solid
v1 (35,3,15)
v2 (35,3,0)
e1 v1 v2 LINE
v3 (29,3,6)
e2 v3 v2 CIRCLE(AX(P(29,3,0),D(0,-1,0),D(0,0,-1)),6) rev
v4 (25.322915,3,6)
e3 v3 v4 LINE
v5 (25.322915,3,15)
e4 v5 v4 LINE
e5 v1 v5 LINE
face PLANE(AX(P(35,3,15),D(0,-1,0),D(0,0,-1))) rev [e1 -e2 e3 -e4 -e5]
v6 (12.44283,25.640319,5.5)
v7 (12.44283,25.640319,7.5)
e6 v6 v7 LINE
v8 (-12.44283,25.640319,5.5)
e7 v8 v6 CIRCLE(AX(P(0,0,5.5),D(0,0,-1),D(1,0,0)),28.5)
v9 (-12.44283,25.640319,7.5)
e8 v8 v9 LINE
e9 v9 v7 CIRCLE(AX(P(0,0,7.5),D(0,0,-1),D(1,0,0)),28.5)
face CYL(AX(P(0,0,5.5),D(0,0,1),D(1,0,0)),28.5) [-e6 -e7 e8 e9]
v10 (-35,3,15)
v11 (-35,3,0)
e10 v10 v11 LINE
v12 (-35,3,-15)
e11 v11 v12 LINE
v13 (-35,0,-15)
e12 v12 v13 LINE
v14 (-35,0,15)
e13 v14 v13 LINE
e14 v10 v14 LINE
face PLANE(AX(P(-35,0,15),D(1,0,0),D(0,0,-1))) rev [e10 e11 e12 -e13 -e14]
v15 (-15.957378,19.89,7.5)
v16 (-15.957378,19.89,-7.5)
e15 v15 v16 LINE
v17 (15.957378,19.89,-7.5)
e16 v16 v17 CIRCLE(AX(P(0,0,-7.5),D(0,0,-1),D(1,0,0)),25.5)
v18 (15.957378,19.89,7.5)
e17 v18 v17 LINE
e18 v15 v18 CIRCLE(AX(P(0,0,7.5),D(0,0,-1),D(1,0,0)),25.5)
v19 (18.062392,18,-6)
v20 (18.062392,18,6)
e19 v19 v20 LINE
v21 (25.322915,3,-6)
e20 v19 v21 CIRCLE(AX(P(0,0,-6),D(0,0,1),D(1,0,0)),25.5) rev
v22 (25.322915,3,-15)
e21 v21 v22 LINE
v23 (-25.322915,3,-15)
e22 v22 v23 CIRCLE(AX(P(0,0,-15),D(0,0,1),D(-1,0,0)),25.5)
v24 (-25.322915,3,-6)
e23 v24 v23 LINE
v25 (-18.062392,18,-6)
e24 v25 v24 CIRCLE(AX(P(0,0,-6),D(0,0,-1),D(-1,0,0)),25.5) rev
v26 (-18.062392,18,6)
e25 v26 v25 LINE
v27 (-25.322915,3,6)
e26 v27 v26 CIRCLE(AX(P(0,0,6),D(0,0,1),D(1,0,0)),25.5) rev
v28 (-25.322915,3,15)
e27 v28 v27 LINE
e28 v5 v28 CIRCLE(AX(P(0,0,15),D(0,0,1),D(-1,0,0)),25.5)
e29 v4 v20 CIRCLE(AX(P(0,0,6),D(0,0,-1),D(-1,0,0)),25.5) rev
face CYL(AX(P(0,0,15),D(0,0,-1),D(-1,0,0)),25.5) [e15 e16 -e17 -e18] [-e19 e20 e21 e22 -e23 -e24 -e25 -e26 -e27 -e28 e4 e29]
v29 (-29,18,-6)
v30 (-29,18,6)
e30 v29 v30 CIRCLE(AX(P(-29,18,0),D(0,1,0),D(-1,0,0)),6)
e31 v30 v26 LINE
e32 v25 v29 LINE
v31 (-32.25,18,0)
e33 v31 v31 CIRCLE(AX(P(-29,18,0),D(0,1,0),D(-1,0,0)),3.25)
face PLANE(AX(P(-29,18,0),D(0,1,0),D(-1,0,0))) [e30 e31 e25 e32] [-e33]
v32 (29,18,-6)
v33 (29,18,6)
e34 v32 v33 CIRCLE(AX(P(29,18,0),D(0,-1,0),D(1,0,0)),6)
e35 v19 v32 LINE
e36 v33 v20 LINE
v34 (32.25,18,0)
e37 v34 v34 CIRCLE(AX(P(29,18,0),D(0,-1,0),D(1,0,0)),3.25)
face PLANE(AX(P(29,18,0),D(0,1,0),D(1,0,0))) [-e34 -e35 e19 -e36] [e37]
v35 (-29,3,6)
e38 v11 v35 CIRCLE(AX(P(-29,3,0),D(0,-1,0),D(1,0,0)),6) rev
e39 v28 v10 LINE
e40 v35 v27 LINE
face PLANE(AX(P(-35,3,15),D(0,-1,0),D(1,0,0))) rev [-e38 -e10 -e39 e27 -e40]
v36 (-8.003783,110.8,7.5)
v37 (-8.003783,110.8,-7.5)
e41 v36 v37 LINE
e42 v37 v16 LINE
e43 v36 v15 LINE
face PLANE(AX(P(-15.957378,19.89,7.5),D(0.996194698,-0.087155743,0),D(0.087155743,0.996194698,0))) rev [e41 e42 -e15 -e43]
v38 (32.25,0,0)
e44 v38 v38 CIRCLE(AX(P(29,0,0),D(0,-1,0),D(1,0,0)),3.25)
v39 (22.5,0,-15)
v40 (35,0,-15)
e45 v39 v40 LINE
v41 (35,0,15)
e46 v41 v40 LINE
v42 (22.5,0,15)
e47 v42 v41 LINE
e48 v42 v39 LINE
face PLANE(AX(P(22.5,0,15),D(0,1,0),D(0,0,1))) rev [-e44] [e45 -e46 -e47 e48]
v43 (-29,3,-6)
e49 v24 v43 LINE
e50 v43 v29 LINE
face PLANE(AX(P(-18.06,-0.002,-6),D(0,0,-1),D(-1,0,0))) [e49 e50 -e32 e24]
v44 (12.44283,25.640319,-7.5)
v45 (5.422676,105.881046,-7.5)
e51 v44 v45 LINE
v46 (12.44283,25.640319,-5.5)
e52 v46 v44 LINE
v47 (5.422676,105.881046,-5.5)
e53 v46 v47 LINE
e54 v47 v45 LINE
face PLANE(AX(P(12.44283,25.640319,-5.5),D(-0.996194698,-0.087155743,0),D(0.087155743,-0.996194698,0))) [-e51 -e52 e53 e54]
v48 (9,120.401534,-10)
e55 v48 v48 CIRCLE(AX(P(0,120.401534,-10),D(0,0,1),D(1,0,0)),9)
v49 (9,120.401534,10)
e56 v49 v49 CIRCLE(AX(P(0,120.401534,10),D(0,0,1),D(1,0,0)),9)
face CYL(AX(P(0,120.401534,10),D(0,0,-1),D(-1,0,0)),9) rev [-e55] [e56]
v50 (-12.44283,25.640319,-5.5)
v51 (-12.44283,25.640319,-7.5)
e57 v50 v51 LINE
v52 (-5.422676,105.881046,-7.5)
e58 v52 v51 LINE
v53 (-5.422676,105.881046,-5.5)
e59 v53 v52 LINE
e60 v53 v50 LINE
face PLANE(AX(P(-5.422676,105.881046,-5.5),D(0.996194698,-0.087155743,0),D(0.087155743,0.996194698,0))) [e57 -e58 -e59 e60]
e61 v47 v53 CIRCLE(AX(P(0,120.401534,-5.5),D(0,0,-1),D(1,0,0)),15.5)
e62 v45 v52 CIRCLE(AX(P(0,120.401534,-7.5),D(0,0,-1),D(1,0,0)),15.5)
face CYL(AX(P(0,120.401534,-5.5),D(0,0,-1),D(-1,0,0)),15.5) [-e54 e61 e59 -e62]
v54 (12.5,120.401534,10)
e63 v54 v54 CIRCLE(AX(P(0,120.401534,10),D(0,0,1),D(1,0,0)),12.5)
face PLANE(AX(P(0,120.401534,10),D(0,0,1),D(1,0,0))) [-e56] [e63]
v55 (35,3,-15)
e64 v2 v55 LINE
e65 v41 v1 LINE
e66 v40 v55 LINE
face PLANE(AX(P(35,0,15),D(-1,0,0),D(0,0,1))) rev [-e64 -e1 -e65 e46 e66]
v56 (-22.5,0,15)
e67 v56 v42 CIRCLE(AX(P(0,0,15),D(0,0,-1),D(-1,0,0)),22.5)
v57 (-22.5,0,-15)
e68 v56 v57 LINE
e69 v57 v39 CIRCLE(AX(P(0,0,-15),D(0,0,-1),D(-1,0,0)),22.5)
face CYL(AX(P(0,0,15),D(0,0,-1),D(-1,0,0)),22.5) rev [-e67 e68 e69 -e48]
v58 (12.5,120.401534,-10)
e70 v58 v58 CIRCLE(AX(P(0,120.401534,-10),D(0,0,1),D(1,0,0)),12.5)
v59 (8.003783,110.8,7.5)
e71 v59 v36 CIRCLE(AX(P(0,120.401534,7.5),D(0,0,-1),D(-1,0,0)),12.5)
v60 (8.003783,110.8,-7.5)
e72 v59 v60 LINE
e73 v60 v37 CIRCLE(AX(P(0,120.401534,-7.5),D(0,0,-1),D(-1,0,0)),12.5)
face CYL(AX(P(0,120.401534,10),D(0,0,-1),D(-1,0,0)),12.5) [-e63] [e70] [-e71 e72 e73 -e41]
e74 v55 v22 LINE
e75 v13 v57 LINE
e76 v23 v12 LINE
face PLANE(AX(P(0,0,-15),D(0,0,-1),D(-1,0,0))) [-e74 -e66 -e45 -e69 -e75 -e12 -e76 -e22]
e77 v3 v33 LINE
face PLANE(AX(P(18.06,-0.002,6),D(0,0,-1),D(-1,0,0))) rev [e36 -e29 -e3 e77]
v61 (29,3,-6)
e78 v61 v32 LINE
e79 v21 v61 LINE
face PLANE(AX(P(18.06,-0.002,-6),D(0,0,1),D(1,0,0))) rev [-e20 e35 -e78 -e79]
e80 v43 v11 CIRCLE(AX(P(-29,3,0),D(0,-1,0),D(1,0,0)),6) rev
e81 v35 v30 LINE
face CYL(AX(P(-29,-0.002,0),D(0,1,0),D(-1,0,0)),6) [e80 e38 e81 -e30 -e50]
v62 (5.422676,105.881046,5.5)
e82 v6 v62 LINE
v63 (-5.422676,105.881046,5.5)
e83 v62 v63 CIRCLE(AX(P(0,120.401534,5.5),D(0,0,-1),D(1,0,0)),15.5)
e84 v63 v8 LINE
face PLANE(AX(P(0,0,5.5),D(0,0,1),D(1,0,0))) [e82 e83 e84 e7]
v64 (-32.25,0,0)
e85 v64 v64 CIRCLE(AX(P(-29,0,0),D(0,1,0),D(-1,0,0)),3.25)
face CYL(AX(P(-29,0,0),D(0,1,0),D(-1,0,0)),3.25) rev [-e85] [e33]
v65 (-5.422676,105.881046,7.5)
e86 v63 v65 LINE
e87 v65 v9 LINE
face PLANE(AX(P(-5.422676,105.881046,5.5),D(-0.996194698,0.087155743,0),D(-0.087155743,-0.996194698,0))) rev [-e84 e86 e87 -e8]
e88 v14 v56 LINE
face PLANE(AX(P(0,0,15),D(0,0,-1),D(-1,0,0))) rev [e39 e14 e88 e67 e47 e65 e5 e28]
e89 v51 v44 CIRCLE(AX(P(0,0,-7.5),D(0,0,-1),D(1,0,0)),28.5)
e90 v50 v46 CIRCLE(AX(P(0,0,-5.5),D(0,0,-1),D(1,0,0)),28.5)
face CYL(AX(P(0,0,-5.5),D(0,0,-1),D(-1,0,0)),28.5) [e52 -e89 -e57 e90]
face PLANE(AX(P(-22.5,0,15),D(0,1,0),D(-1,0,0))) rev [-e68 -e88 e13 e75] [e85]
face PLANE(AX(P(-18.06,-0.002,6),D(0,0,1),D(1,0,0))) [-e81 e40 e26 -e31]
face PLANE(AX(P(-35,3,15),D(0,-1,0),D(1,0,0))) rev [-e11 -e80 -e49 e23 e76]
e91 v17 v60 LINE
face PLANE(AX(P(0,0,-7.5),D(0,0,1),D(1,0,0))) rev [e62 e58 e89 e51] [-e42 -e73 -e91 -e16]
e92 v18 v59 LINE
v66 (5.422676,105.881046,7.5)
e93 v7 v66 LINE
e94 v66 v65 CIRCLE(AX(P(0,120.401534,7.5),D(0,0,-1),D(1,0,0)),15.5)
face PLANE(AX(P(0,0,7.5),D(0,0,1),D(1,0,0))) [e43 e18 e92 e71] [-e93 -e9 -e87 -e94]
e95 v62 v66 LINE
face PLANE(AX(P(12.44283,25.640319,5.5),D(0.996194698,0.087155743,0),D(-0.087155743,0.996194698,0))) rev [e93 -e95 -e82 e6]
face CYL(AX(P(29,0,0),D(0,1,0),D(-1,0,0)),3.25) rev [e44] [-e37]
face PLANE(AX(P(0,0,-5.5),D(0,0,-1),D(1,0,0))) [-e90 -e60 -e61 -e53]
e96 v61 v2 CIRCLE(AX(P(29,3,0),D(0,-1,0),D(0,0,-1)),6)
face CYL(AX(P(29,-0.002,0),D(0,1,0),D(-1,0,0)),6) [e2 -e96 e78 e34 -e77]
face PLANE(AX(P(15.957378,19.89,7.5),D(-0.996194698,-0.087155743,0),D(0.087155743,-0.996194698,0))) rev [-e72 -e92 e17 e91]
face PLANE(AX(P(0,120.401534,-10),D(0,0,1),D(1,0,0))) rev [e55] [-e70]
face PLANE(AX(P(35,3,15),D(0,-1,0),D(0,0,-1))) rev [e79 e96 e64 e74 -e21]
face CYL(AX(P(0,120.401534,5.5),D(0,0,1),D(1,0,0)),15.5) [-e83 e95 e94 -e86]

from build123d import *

# Parameters (mm, degrees)
BOSS_EXTRUDE1_DEPTH = 15
BOSS_EXTRUDE2_REACH = 44.119
SKETCH4_R           = 3.25
CUT_EXTRUDE1_DEPTH  = 43.118879377
BOSS_EXTRUDE3_DEPTH = 7.5
CUT_EXTRUDE2_DEPTH  = 2
SKETCH9_R           = 12.5
SKETCH9_R_2         = 9
BOSS_EXTRUDE4_DEPTH = 10


with BuildPart() as part:
    # Sketch1 → Boss-Extrude1 (new, symmetric)
    with BuildSketch(Plane.XY):
        with BuildLine():
            Line((-22.5, 0), (-35, 0))
            Line((-35, 0), (-35, 3))
            Line((-35, 3), (-25.322914524, 3))
            ThreePointArc((-25.322914524, 3), (0, 25.5), (25.322914524, 3))
            Line((25.322914524, 3), (35, 3))
            Line((35, 3), (35, 0))
            Line((35, 0), (22.5, 0))
            ThreePointArc((22.5, 0), (0, 22.5), (-22.5, 0))
        make_face()
    extrude(amount=BOSS_EXTRUDE1_DEPTH, both=True)

    # Sketch3 → Boss-Extrude2 (add, up to next)
    with BuildSketch(Plane(origin=(0, 18, 0), x_dir=(1, 0, 0), z_dir=(0, 1, 0)), mode=Mode.PRIVATE) as boss_extrude2_sk1:
        with BuildLine():
            Line((-18.06, 6), (-18.06, -6))
            Line((-18.06, -6), (-29, -6))
            ThreePointArc((-29, -6), (-35, 0), (-29, 6))
            Line((-29, 6), (-18.06, 6))
        make_face()
    boss_extrude2_tool1 = extrude(boss_extrude2_sk1.sketch, amount=-BOSS_EXTRUDE2_REACH, mode=Mode.PRIVATE) - part.part
    boss_extrude2 = boss_extrude2_tool1.solids().sort_by_distance((-25.943483, 18, 0))[0]
    add(boss_extrude2)

    # Sketch4 → Cut-Extrude1 (cut, through all)
    with BuildSketch(Plane(origin=(0, 18, 0), x_dir=(1, 0, 0), z_dir=(0, 1, 0))):
        with Locations(Location((-29, 0, 0), (0, 0, 180))):
            Circle(SKETCH4_R)
    cut_extrude1 = extrude(amount=-CUT_EXTRUDE1_DEPTH, mode=Mode.SUBTRACT)

    # Mirror1: Boss-Extrude2, Cut-Extrude1 across plane
    add(boss_extrude2.mirror(Plane(origin=(0, 0, 0), x_dir=(0, 0, 1), z_dir=(1, 0, 0))))
    add(cut_extrude1.mirror(Plane(origin=(0, 0, 0), x_dir=(0, 0, 1), z_dir=(1, 0, 0))), mode=Mode.SUBTRACT)

    # Sketch6 → Boss-Extrude3 (add, symmetric)
    with BuildSketch(Plane.XY):
        with BuildLine():
            Line((15.957377604, 19.89), (8.003783203, 110.8))
            ThreePointArc((8.003783203, 110.8), (0, 107.901533963), (-8.003783203, 110.8))
            Line((-8.003783203, 110.8), (-15.957377604, 19.89))
            ThreePointArc((-15.957377604, 19.89), (0, 25.5), (15.957377604, 19.89))
        make_face()
    extrude(amount=BOSS_EXTRUDE3_DEPTH, both=True)

    # Sketch7 → Cut-Extrude2 (cut)
    with BuildSketch(Plane.XY.offset(7.5)):
        with BuildLine():
            Line((-5.422676431, 105.881045668), (-12.442830342, 25.640319286))
            ThreePointArc((-12.442830342, 25.640319286), (0, 28.5), (12.442830342, 25.640319286))
            Line((12.442830342, 25.640319286), (5.422676431, 105.881045668))
            ThreePointArc((5.422676431, 105.881045668), (0, 104.901533963), (-5.422676431, 105.881045668))
        make_face()
    cut_extrude2 = extrude(amount=-CUT_EXTRUDE2_DEPTH, mode=Mode.SUBTRACT)

    # Mirror2: Cut-Extrude2 across plane
    add(cut_extrude2.mirror(Plane.XY), mode=Mode.SUBTRACT)

    # Sketch9 → Boss-Extrude4 (add, symmetric)
    with BuildSketch(Plane.XY):
        with Locations((0, 120.401533963)):
            Circle(SKETCH9_R)
        with Locations((0, 120.401533963)):
            Circle(SKETCH9_R_2, mode=Mode.SUBTRACT)
    extrude(amount=BOSS_EXTRUDE4_DEPTH, both=True)


solid = part.part
